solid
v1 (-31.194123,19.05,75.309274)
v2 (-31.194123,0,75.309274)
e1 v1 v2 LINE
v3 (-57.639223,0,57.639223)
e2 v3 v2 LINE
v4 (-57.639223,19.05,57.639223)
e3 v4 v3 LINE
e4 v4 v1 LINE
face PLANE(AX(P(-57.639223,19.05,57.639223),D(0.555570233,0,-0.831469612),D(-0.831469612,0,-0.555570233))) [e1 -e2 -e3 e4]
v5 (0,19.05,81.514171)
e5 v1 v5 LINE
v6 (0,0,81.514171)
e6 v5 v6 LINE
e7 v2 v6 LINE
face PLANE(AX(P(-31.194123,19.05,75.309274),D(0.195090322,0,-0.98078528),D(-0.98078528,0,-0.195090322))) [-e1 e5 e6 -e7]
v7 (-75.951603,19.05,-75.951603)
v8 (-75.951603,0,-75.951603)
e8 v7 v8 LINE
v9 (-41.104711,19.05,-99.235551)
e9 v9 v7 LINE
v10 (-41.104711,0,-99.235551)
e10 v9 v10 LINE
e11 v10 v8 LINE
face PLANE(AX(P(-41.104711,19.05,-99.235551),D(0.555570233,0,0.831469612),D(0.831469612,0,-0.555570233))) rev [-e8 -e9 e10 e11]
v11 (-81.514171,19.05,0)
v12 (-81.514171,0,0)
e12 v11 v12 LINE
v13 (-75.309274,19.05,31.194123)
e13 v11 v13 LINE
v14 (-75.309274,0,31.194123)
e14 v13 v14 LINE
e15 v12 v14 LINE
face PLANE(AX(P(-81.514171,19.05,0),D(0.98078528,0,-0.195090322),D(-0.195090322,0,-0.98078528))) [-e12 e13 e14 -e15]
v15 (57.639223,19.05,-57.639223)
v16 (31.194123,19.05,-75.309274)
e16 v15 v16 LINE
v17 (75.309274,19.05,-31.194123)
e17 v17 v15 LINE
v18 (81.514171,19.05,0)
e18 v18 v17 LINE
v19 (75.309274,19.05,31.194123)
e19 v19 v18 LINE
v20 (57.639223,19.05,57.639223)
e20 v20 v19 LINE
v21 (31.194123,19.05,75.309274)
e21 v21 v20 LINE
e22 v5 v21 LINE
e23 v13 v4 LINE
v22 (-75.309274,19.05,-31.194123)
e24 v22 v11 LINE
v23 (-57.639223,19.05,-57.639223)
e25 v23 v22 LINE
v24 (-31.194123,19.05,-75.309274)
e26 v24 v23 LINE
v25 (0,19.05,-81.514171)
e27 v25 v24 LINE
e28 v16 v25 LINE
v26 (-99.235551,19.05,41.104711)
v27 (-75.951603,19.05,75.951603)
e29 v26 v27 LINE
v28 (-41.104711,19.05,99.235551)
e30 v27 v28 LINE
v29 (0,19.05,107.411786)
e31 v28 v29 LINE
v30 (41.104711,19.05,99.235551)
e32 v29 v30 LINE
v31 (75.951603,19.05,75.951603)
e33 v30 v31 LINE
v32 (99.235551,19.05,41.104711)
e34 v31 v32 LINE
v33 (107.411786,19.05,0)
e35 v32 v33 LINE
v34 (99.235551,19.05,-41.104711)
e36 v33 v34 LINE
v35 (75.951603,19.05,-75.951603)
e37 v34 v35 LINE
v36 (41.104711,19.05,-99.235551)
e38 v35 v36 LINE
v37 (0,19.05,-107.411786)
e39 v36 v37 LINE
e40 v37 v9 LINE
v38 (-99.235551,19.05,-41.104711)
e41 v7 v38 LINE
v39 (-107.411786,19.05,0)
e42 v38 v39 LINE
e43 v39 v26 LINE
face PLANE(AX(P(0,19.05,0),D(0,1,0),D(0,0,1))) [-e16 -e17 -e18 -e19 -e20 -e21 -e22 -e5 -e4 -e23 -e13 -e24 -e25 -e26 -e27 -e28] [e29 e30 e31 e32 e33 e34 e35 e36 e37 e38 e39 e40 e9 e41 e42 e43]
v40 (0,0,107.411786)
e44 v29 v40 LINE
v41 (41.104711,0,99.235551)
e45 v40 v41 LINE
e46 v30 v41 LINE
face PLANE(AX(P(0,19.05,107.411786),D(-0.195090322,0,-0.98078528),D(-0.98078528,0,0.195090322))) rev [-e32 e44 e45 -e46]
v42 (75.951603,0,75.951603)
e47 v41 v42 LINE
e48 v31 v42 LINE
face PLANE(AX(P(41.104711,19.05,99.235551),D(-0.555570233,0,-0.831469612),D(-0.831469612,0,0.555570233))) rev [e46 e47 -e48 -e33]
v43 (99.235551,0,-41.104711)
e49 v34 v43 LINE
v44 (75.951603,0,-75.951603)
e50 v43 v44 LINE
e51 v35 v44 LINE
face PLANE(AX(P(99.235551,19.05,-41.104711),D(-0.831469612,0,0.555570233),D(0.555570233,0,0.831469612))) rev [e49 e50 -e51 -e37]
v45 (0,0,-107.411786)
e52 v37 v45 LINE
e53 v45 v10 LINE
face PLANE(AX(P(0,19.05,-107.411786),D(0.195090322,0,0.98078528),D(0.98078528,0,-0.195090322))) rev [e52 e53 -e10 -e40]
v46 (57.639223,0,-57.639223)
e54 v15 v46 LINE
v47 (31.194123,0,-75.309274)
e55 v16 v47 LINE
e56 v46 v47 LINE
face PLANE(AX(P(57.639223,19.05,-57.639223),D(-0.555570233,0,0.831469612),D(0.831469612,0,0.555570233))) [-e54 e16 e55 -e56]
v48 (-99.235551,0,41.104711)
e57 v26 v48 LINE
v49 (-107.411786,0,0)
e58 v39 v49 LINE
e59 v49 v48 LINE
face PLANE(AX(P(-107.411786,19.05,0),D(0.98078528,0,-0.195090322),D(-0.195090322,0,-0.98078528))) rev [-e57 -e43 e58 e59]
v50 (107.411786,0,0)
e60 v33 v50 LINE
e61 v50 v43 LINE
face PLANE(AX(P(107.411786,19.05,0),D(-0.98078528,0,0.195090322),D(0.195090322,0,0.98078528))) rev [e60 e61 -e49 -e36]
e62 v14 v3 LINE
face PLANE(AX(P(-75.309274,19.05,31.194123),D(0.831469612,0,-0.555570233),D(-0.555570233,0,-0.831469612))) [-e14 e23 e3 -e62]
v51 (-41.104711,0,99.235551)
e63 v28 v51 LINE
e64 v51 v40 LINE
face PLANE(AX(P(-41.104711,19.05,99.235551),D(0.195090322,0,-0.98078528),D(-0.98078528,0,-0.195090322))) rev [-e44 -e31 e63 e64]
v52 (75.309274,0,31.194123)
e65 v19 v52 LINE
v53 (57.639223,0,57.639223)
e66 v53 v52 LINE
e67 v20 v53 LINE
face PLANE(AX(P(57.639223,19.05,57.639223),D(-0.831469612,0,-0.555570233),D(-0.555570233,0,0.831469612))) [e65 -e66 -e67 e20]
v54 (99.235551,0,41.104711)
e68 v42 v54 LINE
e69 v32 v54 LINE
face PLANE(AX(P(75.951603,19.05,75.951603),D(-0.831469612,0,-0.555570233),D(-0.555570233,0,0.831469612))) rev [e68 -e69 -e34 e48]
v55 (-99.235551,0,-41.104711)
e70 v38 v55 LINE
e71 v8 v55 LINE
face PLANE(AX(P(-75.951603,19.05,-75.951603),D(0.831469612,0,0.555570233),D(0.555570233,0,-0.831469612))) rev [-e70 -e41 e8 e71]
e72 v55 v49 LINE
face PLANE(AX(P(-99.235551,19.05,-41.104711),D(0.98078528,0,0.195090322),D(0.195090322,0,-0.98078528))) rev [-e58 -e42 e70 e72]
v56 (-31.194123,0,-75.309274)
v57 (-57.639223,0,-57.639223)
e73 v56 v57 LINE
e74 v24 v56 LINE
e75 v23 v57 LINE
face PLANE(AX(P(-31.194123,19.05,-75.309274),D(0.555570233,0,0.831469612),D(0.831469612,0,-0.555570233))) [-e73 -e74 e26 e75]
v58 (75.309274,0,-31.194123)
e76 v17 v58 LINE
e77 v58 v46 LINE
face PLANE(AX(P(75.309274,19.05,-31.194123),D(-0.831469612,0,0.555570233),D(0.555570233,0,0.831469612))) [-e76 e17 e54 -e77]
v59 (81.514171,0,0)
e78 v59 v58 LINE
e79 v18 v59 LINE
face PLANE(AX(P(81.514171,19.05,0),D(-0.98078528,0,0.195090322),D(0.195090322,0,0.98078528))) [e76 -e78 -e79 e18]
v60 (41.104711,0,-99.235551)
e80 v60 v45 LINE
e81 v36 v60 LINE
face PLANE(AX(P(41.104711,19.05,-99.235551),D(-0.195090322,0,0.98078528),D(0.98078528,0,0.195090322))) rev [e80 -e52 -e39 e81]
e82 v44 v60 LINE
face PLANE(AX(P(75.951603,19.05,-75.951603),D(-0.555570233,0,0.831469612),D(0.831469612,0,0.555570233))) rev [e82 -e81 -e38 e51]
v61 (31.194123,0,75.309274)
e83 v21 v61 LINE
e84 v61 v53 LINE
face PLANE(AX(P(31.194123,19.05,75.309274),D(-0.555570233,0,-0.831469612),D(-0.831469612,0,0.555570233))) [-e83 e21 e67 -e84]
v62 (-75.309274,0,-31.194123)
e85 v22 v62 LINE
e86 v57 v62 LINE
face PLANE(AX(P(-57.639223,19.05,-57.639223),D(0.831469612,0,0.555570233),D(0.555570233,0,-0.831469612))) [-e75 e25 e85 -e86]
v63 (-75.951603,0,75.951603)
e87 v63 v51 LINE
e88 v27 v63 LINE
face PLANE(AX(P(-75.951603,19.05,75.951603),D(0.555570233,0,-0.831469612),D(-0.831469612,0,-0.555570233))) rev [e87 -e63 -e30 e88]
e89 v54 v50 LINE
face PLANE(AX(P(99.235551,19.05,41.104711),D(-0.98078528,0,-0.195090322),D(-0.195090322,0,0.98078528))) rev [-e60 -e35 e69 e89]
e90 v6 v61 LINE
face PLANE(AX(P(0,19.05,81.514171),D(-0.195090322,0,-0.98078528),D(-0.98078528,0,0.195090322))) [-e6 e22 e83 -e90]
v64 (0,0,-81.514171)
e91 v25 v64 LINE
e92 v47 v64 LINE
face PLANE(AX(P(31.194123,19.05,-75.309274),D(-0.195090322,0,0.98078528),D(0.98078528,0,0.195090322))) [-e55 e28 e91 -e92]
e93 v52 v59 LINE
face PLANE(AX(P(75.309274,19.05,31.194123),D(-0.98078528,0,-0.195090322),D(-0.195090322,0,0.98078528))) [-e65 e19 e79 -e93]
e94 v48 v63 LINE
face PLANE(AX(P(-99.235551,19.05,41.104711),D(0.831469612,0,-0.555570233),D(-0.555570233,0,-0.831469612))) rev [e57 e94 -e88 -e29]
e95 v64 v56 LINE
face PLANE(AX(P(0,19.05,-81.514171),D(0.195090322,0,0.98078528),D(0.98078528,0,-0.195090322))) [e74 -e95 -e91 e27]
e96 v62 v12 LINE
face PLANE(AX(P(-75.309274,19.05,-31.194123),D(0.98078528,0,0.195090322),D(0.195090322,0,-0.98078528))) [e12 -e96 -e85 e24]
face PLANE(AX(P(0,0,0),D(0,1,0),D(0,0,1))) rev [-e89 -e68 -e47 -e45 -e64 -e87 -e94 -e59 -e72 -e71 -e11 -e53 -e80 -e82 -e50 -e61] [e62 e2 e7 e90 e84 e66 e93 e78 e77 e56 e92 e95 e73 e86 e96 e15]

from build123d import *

# Parameters (mm, degrees)
BOSS_EXTRUDE1_DEPTH = 19.05


with BuildPart() as part:
    # Sketch1 → Boss-Extrude1 (new body)
    with BuildSketch(Plane(origin=(0, 0, 0), x_dir=(1, 0, 0), z_dir=(0, 1, 0))):
        Polygon((107.411786415, 0), (99.235551019, 41.104711102), (75.951602553, 75.951602553), (41.104711102, 99.235551019), (0, 107.411786415), (-41.104711102, 99.235551019), (-75.951602553, 75.951602553), (-99.235551019, 41.104711102), (-107.411786415, 0), (-99.235551019, -41.104711102), (-75.951602553, -75.951602553), (-41.104711102, -99.235551019), (0, -107.411786415), (41.104711102, -99.235551019), (75.951602553, -75.951602553), (99.235551019, -41.104711102), align=None)
        Polygon((81.514170996, 0), (75.309274193, 31.194122743), (57.639223074, 57.639223074), (31.194122743, 75.309274193), (0, 81.514170996), (-31.194122743, 75.309274193), (-57.639223074, 57.639223074), (-75.309274193, 31.194122743), (-81.514170996, 0), (-75.309274193, -31.194122743), (-57.639223074, -57.639223074), (-31.194122743, -75.309274193), (0, -81.514170996), (31.194122743, -75.309274193), (57.639223074, -57.639223074), (75.309274193, -31.194122743), align=None, mode=Mode.SUBTRACT)
    extrude(amount=BOSS_EXTRUDE1_DEPTH)


solid = part.part
